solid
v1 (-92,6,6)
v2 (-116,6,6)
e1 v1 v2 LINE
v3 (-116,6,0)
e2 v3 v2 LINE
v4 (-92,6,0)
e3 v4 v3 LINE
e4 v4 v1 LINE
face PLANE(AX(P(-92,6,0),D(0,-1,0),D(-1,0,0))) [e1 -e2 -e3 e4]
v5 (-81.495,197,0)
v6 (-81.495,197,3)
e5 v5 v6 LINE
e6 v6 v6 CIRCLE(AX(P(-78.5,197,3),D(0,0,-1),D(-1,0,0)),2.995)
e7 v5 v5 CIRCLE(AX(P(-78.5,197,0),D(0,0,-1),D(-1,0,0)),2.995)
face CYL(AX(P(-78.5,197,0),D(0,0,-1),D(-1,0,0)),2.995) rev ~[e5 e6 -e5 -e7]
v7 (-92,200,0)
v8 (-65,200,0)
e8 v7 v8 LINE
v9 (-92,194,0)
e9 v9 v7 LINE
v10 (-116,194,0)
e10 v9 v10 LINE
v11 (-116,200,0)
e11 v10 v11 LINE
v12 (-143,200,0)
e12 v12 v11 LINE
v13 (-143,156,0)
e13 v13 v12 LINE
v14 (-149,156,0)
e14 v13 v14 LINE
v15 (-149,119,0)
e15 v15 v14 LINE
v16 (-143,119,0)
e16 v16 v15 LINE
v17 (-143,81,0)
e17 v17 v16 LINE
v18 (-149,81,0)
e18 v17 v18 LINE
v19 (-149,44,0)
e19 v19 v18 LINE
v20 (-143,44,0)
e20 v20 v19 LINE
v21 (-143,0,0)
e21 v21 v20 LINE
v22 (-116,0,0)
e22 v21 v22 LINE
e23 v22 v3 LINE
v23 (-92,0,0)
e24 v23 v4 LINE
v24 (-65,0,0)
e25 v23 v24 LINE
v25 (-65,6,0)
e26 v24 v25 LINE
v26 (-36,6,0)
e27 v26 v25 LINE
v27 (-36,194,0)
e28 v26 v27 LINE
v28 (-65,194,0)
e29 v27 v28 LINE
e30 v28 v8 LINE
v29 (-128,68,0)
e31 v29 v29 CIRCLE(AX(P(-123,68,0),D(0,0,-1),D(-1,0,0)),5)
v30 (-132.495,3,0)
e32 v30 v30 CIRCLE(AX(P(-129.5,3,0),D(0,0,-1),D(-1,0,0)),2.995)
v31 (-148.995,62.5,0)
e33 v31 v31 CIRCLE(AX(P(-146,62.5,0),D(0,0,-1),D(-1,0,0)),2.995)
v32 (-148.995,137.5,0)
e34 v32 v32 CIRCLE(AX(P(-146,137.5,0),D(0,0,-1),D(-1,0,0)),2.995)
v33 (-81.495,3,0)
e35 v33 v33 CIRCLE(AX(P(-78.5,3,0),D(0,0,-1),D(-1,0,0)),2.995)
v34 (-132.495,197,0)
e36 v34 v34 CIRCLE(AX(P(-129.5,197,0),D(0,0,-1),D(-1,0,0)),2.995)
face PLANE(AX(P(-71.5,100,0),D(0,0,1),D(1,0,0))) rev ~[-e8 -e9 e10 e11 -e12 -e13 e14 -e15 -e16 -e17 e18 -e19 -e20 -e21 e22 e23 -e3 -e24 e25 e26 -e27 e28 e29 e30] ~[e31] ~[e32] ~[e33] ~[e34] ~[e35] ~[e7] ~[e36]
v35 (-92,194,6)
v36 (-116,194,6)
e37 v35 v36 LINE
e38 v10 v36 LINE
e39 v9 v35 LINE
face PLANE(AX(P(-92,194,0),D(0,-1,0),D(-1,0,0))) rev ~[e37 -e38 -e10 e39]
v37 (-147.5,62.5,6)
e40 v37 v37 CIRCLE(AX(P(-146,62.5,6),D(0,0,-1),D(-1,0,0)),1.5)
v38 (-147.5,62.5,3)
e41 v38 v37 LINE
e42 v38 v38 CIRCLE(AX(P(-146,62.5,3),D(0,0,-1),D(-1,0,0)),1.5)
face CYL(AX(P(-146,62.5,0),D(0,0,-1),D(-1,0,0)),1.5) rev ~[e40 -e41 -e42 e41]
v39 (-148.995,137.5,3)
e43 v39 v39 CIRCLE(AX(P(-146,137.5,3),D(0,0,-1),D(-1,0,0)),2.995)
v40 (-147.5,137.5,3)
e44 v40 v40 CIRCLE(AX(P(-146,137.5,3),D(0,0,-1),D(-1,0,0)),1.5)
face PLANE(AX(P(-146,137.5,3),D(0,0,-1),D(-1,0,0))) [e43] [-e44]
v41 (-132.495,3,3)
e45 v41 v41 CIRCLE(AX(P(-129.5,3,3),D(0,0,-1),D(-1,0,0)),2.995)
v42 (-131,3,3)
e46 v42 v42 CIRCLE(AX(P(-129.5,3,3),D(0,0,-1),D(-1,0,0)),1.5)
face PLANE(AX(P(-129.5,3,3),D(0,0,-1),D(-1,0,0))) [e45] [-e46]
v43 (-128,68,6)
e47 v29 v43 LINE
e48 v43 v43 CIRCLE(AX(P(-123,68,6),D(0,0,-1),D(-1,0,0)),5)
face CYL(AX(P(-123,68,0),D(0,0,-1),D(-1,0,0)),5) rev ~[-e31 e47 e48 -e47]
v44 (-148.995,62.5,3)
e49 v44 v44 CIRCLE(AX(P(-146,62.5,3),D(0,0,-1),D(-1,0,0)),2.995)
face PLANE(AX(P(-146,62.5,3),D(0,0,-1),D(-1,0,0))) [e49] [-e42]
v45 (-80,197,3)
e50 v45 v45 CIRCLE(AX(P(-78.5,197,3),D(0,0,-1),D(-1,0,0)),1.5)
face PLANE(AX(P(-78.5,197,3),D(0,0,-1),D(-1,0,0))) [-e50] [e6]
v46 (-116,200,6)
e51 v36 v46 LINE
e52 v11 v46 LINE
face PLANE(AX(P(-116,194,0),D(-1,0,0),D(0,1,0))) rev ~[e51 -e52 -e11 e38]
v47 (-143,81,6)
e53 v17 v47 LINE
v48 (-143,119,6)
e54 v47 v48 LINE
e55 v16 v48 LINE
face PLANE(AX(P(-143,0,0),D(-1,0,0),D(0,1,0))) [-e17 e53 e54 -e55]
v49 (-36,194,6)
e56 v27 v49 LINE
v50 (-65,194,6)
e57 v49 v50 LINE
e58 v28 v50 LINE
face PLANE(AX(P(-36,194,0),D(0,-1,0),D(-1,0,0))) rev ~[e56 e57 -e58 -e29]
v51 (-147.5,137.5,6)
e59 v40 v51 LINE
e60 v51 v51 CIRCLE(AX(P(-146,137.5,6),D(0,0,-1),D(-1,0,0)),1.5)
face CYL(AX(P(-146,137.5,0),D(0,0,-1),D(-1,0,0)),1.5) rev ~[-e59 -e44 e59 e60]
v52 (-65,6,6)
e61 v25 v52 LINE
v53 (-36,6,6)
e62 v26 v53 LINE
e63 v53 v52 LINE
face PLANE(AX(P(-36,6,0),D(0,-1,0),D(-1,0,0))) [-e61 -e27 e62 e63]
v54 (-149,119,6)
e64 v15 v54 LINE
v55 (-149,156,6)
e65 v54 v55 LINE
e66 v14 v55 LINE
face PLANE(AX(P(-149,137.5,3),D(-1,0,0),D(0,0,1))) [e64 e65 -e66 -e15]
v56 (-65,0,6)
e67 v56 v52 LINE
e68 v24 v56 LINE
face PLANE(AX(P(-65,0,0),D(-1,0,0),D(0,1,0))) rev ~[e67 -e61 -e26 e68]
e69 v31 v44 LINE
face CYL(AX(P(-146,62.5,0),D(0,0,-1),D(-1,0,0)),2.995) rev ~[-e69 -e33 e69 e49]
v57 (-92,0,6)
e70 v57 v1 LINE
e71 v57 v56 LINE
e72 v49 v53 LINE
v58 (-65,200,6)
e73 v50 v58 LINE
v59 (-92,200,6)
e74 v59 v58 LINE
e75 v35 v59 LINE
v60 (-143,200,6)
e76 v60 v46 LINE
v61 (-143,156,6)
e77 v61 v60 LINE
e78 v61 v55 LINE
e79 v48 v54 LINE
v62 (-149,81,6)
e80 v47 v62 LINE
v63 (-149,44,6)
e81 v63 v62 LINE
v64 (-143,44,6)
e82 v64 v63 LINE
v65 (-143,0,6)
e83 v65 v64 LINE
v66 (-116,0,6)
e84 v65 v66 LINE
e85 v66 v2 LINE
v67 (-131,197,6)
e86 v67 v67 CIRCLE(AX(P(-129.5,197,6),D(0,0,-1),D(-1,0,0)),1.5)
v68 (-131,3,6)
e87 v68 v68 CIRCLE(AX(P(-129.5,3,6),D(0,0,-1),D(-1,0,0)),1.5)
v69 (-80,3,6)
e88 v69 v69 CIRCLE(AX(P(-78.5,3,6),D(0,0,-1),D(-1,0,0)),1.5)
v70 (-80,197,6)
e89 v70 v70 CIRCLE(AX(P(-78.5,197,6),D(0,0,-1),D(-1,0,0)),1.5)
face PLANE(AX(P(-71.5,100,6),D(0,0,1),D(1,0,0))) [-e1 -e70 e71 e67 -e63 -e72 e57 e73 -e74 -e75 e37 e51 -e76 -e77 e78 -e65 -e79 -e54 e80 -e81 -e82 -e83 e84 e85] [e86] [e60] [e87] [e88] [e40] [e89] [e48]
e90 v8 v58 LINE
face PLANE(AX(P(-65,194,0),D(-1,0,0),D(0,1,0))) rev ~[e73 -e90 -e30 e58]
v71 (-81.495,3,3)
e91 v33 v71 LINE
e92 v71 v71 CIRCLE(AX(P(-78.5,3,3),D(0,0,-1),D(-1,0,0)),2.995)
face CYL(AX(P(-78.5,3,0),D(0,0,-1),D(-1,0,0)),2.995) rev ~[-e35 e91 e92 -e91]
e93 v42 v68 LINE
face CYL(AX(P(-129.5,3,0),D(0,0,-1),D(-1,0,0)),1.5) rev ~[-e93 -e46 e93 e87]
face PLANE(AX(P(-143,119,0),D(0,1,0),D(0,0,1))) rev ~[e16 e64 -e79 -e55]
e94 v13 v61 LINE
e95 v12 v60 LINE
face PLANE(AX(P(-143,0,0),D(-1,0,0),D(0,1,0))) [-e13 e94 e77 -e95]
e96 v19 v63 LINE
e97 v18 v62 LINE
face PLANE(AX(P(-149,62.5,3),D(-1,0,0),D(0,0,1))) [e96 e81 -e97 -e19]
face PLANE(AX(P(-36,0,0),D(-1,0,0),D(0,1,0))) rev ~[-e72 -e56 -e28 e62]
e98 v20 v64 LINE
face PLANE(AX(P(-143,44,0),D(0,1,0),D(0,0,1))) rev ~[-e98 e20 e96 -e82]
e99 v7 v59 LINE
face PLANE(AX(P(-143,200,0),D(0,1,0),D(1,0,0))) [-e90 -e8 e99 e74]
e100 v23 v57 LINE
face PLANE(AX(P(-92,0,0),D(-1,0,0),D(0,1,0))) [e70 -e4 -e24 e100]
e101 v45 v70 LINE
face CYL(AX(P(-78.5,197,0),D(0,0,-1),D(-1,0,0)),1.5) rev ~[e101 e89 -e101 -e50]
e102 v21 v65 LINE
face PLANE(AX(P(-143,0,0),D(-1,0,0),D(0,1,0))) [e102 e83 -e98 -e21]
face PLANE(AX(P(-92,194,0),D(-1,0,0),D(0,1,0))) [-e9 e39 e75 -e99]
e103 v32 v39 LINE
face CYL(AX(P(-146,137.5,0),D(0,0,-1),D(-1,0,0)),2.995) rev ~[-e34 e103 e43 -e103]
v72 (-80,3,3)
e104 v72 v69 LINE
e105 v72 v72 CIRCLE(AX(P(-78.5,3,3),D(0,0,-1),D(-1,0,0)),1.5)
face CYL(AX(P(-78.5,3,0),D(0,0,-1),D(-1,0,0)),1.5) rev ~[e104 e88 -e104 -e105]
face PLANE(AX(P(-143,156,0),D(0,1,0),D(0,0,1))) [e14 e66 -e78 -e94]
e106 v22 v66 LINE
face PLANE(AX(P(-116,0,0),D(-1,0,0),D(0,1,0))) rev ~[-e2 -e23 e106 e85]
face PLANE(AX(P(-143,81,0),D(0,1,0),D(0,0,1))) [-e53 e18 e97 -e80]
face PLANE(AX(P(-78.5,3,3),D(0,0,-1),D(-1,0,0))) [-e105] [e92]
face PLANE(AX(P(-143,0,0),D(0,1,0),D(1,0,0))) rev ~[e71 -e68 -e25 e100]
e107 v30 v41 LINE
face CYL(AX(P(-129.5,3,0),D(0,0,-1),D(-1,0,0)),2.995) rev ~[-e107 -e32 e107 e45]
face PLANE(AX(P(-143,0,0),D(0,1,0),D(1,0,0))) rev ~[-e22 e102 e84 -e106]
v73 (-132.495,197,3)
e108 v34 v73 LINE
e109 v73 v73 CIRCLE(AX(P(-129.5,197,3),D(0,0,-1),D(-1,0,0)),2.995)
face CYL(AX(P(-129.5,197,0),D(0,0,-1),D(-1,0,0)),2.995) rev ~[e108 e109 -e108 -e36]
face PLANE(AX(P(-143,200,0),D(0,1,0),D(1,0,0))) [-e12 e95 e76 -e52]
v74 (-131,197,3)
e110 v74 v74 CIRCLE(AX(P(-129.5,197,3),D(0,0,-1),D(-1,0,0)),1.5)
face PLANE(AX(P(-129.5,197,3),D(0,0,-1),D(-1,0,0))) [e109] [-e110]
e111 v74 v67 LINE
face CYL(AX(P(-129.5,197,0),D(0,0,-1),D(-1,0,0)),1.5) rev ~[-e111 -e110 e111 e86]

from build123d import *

# Parameters (mm, degrees)
ESQUISSE1_W             = 143
ESQUISSE1_H             = 200
BOSS_EXTRU_1_DEPTH      = 6
ESQUISSE2_W             = 6
ESQUISSE2_H             = 30
ESQUISSE2_W_2           = 29
ESQUISSE2_H_2           = 6
ESQUISSE2_W_3           = 24
ENL_V_MAT_EXTRU_1_DEPTH = 6
ESQUISSE3_W             = 6
ESQUISSE3_H             = 37
BOSS_EXTRU_2_DEPTH      = 6
ESQUISSE4_W             = 36
ESQUISSE4_H             = 200
ENL_V_MAT_EXTRU_2_DEPTH = 10
ESQUISSE5_R             = 2.995
ENL_V_MAT_EXTRU_3_DEPTH = 3
ESQUISSE6_R             = 1.5
ENL_V_MAT_EXTRU_4_DEPTH = 6
ESQUISSE7_R             = 5
ENL_V_MAT_EXTRU_5_DEPTH = 10


with BuildPart() as part:
    # Esquisse1 → Boss.-Extru.1 (new body)
    with BuildSketch(Plane.XY):
        with Locations((-71.5, 100)):
            Rectangle(ESQUISSE1_W, ESQUISSE1_H)
    extrude(amount=BOSS_EXTRU_1_DEPTH)

    # Esquisse2 → Enlèv. mat.-Extru.1 (cut)
    with BuildSketch(Plane(origin=(0, 0, 0), x_dir=(-1, 0, 0), z_dir=(0, 0, -1))):
        with Locations((3, 65)):
            Rectangle(ESQUISSE2_W, ESQUISSE2_H)
        with Locations((3, 135)):
            Rectangle(ESQUISSE2_W, ESQUISSE2_H)
        with Locations((50.5, 3)):
            Rectangle(ESQUISSE2_W_2, ESQUISSE2_H_2)
        with Locations((104, 3)):
            Rectangle(ESQUISSE2_W_3, ESQUISSE2_H_2)
        with Locations((50.5, 197)):
            Rectangle(ESQUISSE2_W_2, ESQUISSE2_H_2)
        with Locations((104, 197)):
            Rectangle(ESQUISSE2_W_3, ESQUISSE2_H_2)
    extrude(amount=-ENL_V_MAT_EXTRU_1_DEPTH, mode=Mode.SUBTRACT)

    # Esquisse3 → Boss.-Extru.2 (add)
    with BuildSketch(Plane.ZY.offset(143)):
        with Locations((3, 62.5)):
            Rectangle(ESQUISSE3_W, ESQUISSE3_H)
        with Locations((3, 137.5)):
            Rectangle(ESQUISSE3_W, ESQUISSE3_H)
    extrude(amount=BOSS_EXTRU_2_DEPTH)

    # Esquisse4 → Enlèv. mat.-Extru.2 (cut)
    with BuildSketch(Plane(origin=(0, 0, 0), x_dir=(-1, 0, 0), z_dir=(0, 0, -1))):
        with Locations((18, 100)):
            Rectangle(ESQUISSE4_W, ESQUISSE4_H)
    extrude(amount=-ENL_V_MAT_EXTRU_2_DEPTH, mode=Mode.SUBTRACT)

    # Esquisse5 → Enlèv. mat.-Extru.3 (cut)
    with BuildSketch(Plane(origin=(0, 0, 0), x_dir=(-1, 0, 0), z_dir=(0, 0, -1))):
        with Locations((78.5, 3)):
            Circle(ESQUISSE5_R)
        with Locations((129.5, 3)):
            Circle(ESQUISSE5_R)
        with Locations((78.5, 197)):
            Circle(ESQUISSE5_R)
        with Locations((129.5, 197)):
            Circle(ESQUISSE5_R)
        with Locations((146, 62.5)):
            Circle(ESQUISSE5_R)
        with Locations((146, 137.5)):
            Circle(ESQUISSE5_R)
    extrude(amount=-ENL_V_MAT_EXTRU_3_DEPTH, mode=Mode.SUBTRACT)

    # Esquisse6 → Enlèv. mat.-Extru.4 (cut)
    with BuildSketch(Plane(origin=(0, 0, 0), x_dir=(-1, 0, 0), z_dir=(0, 0, -1))):
        with Locations((78.5, 3)):
            Circle(ESQUISSE6_R)
        with Locations((129.5, 3)):
            Circle(ESQUISSE6_R)
        with Locations((78.5, 197)):
            Circle(ESQUISSE6_R)
        with Locations((129.5, 197)):
            Circle(ESQUISSE6_R)
        with Locations((146, 62.5)):
            Circle(ESQUISSE6_R)
        with Locations((146, 137.5)):
            Circle(ESQUISSE6_R)
    extrude(amount=-ENL_V_MAT_EXTRU_4_DEPTH, mode=Mode.SUBTRACT)

    # Esquisse7 → Enlèv. mat.-Extru.5 (cut)
    with BuildSketch(Plane(origin=(0, 0, 0), x_dir=(-1, 0, 0), z_dir=(0, 0, -1))):
        with Locations((123, 68)):
            Circle(ESQUISSE7_R)
    extrude(amount=-ENL_V_MAT_EXTRU_5_DEPTH, mode=Mode.SUBTRACT)


solid = part.part
